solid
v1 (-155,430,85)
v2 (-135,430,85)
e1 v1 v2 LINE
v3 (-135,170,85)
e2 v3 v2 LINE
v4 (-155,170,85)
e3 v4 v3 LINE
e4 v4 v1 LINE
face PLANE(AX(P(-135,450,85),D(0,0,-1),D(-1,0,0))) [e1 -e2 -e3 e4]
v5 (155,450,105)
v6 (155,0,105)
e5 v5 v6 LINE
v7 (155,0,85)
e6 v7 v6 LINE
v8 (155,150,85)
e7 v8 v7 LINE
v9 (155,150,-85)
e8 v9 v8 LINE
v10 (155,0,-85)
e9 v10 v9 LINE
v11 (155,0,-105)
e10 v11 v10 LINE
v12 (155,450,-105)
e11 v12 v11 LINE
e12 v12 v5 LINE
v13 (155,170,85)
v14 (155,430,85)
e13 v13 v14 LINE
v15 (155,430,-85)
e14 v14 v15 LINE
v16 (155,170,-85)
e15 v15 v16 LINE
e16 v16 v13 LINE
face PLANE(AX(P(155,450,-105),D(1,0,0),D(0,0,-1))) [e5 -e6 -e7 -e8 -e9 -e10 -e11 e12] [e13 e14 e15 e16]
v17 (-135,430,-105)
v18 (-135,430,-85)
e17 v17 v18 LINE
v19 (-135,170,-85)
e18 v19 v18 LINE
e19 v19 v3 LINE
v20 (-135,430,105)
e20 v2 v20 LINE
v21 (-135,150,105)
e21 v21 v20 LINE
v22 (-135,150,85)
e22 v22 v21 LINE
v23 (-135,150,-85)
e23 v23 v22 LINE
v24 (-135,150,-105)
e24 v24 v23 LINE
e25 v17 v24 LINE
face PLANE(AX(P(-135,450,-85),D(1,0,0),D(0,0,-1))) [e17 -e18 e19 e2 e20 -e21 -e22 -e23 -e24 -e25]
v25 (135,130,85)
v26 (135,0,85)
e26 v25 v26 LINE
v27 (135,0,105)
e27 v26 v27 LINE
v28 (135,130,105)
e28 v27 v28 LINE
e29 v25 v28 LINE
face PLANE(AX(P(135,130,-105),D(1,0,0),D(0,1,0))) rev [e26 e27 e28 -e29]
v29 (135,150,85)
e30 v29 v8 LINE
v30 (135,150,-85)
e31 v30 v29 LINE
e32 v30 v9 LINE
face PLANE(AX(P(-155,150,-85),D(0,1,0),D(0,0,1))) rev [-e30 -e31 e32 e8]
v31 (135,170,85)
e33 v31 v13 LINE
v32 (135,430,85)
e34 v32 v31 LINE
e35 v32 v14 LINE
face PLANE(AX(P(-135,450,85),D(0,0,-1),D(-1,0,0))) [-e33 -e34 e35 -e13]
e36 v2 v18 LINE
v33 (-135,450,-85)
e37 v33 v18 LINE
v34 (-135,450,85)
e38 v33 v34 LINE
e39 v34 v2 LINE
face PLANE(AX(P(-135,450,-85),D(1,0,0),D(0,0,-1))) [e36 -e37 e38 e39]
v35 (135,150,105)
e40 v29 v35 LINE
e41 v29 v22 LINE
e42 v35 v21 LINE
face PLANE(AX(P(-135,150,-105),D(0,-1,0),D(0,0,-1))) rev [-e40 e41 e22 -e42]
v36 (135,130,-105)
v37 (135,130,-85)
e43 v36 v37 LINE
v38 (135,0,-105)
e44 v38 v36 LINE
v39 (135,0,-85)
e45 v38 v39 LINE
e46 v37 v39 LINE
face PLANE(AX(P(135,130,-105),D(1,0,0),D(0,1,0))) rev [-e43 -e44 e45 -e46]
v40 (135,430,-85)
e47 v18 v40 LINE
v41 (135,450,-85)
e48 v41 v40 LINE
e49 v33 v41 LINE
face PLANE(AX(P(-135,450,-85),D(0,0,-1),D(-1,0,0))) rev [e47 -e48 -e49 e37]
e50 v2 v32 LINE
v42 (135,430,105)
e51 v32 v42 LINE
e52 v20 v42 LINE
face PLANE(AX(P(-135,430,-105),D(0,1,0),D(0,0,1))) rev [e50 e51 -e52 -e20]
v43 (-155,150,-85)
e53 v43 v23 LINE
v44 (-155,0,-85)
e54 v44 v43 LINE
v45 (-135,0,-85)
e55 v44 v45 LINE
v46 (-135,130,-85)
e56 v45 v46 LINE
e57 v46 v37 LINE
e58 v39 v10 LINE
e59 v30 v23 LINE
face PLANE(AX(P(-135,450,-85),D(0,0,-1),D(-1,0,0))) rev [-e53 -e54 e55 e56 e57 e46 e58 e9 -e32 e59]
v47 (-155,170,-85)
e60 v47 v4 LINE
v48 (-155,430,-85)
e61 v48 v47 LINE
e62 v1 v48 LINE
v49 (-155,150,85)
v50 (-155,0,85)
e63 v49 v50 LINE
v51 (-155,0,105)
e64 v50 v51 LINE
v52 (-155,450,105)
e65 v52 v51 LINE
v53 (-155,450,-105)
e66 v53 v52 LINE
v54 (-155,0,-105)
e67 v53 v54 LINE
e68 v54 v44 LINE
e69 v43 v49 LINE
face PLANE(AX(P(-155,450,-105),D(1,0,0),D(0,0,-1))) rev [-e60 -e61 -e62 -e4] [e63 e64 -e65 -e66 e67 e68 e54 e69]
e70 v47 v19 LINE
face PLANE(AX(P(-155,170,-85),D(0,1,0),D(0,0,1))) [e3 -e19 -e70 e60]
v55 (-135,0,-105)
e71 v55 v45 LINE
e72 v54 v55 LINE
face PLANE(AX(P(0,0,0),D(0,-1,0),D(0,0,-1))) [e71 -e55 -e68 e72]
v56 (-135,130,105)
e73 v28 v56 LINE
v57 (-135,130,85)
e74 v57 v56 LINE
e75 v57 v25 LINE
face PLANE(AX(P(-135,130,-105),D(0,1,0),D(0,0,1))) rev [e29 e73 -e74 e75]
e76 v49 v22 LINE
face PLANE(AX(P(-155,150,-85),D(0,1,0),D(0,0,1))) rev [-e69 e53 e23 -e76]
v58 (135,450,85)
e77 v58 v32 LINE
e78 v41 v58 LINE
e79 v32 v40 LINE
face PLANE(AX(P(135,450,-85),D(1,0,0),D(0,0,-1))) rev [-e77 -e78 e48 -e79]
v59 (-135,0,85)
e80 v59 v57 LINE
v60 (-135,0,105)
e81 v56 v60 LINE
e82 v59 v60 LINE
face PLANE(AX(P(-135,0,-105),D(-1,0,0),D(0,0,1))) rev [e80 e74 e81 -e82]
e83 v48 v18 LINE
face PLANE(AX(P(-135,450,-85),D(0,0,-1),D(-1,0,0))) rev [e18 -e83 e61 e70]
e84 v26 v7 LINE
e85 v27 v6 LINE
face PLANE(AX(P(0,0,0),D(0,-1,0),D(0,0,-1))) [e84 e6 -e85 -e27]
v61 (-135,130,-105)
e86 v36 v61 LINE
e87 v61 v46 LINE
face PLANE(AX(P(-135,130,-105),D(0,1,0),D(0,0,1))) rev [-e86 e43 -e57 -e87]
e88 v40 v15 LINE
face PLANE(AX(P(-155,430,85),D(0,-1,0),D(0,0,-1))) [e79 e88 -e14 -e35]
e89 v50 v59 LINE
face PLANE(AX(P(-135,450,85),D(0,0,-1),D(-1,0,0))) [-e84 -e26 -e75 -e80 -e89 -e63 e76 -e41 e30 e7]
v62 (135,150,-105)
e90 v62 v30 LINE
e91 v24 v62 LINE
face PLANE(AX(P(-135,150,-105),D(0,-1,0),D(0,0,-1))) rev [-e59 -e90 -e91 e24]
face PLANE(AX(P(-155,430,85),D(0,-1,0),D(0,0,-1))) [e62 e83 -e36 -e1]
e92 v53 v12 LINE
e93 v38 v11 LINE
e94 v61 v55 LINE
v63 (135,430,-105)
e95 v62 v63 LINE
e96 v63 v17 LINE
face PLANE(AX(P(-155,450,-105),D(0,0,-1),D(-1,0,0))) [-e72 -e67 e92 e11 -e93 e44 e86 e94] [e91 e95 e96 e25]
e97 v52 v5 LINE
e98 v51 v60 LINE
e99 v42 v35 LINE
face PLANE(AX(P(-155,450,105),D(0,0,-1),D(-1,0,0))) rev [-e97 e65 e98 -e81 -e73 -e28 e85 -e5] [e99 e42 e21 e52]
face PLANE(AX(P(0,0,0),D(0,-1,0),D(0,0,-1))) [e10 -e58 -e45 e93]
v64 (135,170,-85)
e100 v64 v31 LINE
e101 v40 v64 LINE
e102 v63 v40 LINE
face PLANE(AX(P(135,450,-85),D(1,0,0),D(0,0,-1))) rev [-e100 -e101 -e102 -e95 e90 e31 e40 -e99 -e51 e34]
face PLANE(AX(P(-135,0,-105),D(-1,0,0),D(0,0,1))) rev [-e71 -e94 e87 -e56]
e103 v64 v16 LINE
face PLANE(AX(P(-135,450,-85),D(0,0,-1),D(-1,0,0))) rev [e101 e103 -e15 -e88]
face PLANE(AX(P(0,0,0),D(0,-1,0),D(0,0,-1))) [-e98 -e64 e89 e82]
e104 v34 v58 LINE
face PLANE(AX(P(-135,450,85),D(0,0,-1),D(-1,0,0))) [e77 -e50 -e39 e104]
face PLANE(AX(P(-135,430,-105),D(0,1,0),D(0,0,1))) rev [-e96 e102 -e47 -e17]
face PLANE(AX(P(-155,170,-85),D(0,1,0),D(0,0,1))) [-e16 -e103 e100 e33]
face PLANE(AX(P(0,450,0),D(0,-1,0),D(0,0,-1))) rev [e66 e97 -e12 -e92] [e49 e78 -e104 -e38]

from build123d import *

# Parameters (mm, degrees)
SKETCH_1_W          = 310
SKETCH_1_H          = 210
SKETCH_1_W_2        = 270
SKETCH_1_H_2        = 170
EXTRUDE_1_DEPTH     = 450
SKETCH_8_W          = 170
SKETCH_8_H          = 260
CUT_EXTRUDE_3_DEPTH = 310
SKETCH_11_W         = 170
SKETCH_11_H         = 150
CUT_EXTRUDE_4_DEPTH = 310
SKETCH_13_W         = 270
SKETCH_13_H         = 130
CUT_EXTRUDE_5_DEPTH = 521.216301167
SKETCH_14_W         = 270
SKETCH_14_H         = 280
CUT_EXTRUDE_6_DEPTH = 525.332909515


with BuildPart() as part:
    # 草图1 → 凸台-拉伸1 (new body)
    with BuildSketch(Plane(origin=(0, 0, 0), x_dir=(1, 0, 0), z_dir=(0, 1, 0))):
        Rectangle(SKETCH_1_W, SKETCH_1_H)
        Rectangle(SKETCH_1_W_2, SKETCH_1_H_2, mode=Mode.SUBTRACT)
    extrude(amount=EXTRUDE_1_DEPTH)

    # 草图8 → 切除-拉伸3 (cut)
    with BuildSketch(Plane(origin=(155, 0, 0), x_dir=(0, 0, -1), z_dir=(1, 0, 0))):
        with Locations((0, 300)):
            Rectangle(SKETCH_8_W, SKETCH_8_H)
    extrude(amount=-CUT_EXTRUDE_3_DEPTH, mode=Mode.SUBTRACT)

    # 草图11 → 切除-拉伸4 (cut)
    with BuildSketch(Plane(origin=(155, 0, 0), x_dir=(0, 0, -1), z_dir=(1, 0, 0))):
        with Locations((0, 75)):
            Rectangle(SKETCH_11_W, SKETCH_11_H)
    extrude(amount=-CUT_EXTRUDE_4_DEPTH, mode=Mode.SUBTRACT)

    # 草图13 → 切除-拉伸5 (cut, through all)
    with BuildSketch(Plane.XY.offset(105)):
        with Locations((0, 65)):
            Rectangle(SKETCH_13_W, SKETCH_13_H)
    extrude(amount=-CUT_EXTRUDE_5_DEPTH, mode=Mode.SUBTRACT)

    # 草图14 → 切除-拉伸6 (cut, through all)
    with BuildSketch(Plane.XY.offset(115)):
        with Locations((0, 290)):
            Rectangle(SKETCH_14_W, SKETCH_14_H)
    extrude(amount=-CUT_EXTRUDE_6_DEPTH, mode=Mode.SUBTRACT)


solid = part.part
